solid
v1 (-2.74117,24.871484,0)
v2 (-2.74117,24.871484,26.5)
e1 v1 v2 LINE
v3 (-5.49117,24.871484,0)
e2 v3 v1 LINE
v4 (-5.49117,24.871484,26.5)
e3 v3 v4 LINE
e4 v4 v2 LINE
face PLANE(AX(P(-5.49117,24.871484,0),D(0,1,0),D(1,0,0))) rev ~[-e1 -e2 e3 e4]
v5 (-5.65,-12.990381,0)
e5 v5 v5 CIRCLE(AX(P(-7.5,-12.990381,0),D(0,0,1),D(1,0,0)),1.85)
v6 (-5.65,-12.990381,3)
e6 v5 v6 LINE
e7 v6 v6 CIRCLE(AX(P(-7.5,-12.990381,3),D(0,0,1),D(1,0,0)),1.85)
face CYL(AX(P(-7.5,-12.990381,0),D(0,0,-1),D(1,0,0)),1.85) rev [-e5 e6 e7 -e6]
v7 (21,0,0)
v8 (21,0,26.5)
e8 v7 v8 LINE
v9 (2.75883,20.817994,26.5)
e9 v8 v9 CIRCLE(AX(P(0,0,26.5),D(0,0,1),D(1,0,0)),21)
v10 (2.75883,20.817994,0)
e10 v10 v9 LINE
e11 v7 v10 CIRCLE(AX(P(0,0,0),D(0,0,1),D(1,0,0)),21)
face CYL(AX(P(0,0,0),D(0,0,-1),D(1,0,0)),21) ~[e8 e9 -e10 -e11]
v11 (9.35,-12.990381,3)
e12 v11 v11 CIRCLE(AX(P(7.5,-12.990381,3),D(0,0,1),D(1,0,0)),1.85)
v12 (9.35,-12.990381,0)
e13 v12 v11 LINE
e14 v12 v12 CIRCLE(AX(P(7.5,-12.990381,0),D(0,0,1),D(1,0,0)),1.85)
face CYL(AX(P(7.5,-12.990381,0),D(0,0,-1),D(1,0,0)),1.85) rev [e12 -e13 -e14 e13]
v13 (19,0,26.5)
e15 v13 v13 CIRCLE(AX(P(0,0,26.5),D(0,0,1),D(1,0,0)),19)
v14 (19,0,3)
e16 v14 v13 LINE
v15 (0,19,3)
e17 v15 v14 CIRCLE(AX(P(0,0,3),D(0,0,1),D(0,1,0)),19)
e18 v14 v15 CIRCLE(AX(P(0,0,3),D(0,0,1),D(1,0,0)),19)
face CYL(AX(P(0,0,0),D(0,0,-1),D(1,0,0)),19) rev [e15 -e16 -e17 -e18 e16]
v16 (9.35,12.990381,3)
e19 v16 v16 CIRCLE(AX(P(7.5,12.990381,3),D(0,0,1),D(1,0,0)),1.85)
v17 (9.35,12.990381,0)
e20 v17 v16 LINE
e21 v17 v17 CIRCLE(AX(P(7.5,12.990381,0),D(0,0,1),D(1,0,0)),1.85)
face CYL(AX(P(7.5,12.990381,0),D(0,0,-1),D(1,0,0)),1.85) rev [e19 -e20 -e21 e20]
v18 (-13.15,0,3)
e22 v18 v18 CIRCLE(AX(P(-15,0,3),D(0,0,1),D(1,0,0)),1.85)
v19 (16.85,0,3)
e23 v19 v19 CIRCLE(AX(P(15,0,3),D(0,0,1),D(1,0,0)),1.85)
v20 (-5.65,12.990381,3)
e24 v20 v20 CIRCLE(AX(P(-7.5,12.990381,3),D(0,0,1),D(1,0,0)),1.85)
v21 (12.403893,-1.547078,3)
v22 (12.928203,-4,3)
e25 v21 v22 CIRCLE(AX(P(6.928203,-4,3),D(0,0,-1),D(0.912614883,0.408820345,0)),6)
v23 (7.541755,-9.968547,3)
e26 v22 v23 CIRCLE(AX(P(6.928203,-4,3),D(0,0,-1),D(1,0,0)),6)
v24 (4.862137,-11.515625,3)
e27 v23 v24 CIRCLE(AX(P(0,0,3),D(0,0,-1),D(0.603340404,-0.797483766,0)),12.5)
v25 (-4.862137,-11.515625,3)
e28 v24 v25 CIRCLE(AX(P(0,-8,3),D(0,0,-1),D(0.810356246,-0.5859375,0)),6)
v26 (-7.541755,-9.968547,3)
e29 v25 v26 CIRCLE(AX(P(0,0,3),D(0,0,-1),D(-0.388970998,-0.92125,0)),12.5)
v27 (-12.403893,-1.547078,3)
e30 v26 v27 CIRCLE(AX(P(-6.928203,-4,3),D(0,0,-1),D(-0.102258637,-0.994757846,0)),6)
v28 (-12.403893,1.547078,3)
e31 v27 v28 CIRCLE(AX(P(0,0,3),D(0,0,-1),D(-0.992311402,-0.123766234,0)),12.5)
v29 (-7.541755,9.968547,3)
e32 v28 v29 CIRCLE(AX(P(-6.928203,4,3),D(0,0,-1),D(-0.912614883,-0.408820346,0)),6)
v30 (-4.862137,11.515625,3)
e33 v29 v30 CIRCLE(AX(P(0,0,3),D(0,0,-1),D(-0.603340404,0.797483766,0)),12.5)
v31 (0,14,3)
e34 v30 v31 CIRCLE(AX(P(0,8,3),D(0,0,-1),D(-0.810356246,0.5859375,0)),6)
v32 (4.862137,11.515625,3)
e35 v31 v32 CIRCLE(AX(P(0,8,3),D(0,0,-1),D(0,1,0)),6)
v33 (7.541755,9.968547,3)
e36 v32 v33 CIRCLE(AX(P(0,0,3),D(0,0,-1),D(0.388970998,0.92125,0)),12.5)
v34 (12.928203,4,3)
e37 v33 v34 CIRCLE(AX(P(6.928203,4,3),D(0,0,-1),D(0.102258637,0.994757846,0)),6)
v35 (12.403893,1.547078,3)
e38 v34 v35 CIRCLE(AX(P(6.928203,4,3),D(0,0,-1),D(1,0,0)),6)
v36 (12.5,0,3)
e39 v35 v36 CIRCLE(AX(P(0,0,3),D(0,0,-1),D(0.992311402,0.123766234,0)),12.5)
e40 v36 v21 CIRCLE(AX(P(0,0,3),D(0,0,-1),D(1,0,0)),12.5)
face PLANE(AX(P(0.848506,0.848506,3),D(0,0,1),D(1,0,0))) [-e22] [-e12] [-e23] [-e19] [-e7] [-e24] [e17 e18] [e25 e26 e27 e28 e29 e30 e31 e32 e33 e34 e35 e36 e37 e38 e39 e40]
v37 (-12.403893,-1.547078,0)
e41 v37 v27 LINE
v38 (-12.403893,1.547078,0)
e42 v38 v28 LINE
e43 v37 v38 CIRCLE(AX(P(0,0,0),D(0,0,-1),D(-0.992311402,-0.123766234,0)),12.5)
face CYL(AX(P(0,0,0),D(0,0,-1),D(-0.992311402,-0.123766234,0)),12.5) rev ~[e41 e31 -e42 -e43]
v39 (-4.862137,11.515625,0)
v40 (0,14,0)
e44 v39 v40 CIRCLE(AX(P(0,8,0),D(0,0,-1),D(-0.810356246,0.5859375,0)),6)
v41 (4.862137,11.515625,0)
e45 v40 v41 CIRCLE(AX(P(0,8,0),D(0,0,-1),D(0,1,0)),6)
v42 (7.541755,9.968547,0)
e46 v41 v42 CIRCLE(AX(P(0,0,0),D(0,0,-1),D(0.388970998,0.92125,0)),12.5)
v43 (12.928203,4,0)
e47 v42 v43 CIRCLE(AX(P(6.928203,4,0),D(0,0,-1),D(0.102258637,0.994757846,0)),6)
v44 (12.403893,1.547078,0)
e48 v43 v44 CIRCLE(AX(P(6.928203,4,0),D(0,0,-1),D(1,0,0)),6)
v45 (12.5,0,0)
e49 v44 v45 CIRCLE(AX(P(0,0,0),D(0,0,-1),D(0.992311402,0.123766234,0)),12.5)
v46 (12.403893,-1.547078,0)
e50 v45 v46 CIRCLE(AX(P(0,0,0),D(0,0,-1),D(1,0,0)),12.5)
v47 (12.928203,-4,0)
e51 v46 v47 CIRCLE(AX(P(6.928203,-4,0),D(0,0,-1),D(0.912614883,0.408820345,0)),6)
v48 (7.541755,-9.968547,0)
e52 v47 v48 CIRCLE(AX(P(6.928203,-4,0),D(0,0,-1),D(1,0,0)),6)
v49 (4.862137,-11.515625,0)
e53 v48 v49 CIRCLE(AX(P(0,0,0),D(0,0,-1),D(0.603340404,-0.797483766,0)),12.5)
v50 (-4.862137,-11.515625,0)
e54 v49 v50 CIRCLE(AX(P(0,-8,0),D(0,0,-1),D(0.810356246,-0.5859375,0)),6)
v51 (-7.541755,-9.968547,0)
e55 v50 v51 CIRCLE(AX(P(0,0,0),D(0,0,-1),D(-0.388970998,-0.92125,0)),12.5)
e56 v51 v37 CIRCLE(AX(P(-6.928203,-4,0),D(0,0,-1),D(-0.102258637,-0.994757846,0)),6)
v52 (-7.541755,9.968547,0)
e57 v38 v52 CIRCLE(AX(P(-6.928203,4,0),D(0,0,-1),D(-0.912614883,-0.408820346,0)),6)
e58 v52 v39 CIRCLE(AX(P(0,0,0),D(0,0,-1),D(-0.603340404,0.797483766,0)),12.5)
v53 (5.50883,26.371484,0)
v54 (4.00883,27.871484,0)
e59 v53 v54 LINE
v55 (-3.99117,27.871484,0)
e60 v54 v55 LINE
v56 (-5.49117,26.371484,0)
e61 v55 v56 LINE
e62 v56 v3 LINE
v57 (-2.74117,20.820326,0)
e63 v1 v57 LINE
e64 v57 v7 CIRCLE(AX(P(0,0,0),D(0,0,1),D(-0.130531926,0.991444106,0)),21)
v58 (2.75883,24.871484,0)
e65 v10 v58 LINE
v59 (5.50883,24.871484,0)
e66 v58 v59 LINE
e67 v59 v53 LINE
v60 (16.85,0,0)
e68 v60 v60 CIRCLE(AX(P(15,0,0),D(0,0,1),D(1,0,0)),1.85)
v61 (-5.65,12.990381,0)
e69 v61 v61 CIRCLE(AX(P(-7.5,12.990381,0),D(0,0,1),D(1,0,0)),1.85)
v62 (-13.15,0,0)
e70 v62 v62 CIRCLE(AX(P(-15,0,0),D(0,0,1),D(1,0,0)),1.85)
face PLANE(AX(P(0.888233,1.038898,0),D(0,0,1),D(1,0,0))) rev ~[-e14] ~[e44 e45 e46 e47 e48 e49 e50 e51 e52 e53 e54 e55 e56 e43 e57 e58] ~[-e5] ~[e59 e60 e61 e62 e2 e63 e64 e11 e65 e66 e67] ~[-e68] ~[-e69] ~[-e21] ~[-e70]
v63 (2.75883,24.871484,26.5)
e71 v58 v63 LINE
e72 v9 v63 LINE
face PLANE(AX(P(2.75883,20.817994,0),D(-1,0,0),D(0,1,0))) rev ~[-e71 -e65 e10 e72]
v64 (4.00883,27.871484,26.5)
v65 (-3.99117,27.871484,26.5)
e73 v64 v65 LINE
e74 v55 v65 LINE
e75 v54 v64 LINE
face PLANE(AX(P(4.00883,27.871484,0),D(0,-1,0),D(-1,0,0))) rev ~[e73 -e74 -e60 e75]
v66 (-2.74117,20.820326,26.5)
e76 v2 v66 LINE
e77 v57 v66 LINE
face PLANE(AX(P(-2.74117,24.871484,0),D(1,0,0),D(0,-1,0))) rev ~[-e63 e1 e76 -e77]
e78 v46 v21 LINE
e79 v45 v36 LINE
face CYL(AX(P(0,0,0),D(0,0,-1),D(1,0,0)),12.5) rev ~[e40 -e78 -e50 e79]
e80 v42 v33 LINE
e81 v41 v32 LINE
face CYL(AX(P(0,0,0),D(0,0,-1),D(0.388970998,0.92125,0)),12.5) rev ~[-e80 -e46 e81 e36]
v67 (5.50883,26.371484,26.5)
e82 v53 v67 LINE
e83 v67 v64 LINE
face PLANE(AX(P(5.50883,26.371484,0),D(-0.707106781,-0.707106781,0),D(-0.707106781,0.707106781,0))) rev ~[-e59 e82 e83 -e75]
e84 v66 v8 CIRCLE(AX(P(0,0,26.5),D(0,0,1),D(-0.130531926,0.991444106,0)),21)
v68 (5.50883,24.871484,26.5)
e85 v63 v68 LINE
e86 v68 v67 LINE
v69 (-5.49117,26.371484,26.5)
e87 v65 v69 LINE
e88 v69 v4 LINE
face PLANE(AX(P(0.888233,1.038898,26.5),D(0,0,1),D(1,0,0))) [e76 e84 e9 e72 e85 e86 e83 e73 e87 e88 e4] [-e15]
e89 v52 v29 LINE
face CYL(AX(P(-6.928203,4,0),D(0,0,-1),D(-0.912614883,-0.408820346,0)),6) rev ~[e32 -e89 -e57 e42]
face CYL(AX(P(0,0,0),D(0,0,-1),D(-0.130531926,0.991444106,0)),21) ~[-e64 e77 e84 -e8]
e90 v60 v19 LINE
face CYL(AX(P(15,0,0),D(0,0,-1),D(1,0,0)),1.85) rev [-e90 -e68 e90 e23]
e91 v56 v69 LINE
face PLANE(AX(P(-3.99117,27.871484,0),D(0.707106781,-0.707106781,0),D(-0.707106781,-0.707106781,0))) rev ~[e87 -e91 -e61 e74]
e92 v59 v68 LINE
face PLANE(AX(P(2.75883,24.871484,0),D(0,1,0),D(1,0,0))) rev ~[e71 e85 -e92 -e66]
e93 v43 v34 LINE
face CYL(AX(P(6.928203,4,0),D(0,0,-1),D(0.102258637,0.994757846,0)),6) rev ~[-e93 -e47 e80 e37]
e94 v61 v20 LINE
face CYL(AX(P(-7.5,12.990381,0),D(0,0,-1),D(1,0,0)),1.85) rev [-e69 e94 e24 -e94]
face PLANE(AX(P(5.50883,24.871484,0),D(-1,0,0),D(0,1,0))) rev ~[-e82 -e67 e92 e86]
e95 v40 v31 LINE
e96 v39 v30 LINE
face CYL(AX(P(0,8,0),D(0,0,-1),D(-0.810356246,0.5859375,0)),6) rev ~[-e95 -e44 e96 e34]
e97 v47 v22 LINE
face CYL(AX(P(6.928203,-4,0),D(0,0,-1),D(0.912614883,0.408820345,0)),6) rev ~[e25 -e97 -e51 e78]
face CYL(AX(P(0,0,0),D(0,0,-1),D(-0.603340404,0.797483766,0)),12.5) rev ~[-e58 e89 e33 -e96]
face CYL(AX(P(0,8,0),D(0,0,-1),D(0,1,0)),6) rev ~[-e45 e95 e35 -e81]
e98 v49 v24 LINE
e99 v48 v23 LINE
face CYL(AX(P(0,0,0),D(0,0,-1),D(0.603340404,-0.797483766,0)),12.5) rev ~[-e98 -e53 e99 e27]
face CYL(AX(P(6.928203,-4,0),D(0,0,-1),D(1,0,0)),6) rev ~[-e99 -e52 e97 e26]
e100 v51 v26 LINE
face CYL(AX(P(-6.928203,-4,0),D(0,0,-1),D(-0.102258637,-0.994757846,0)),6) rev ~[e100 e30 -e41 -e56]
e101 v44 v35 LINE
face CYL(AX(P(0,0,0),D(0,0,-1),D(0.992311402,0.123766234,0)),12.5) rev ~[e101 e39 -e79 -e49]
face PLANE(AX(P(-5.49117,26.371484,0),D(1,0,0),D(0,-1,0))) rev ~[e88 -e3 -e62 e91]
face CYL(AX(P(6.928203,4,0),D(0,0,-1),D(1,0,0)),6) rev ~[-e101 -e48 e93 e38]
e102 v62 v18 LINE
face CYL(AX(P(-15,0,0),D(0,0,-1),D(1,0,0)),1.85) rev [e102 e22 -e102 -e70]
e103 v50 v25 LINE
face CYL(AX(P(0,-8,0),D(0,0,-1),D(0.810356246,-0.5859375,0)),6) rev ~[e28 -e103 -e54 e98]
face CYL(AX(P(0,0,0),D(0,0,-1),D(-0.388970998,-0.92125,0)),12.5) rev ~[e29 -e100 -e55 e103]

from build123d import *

# Parameters (mm, degrees)
F0_R     = 1.85
F1_DEPTH = 3
F2_R     = 19
F3_DEPTH = 26.5


with BuildPart() as f1:
    # F0 (on Top) → F1 (new body)
    with BuildSketch(Plane.XY):
        with BuildLine():
            ThreePointArc((0, 19), (-13.4350288425, -13.4350288425), (19, 0))
            ThreePointArc((19, 0), (13.4350288425, 13.4350288425), (0, 19))
        make_face()
        with Locations((-7.5, -12.9903810568)):
            Circle(F0_R, mode=Mode.SUBTRACT)
        with Locations((7.5, -12.9903810568)):
            Circle(F0_R, mode=Mode.SUBTRACT)
        with Locations((-15, 0)):
            Circle(F0_R, mode=Mode.SUBTRACT)
        with Locations((-7.5, 12.9903810568)):
            Circle(F0_R, mode=Mode.SUBTRACT)
        with BuildLine():
            ThreePointArc((-4.8621374785, 11.515625), (-2.7300412085, 13.3429275683), (0, 14))
            ThreePointArc((0, 14), (2.7300412085, 13.3429275683), (4.8621374785, 11.515625))
            ThreePointArc((4.8621374785, 11.515625), (6.25, 10.8253175473), (7.5417550512, 9.968547073))
            ThreePointArc((7.5417550512, 9.968547073), (11.3824882978, 8.0198687214), (12.9282032303, 4))
            ThreePointArc((12.9282032303, 4), (12.7956616151, 2.7458341012), (12.4038925297, 1.547077927))
            ThreePointArc((12.4038925297, 1.547077927), (12.4759499963, 0.7750301217), (12.5, 0))
            ThreePointArc((12.5, 0), (12.4759499963, -0.7750301217), (12.4038925297, -1.547077927))
            ThreePointArc((12.4038925297, -1.547077927), (12.7956616151, -2.7458341012), (12.9282032303, -4))
            ThreePointArc((12.9282032303, -4), (11.3824882978, -8.0198687214), (7.5417550512, -9.968547073))
            ThreePointArc((7.5417550512, -9.968547073), (6.25, -10.8253175473), (4.8621374785, -11.515625))
            ThreePointArc((4.8621374785, -11.515625), (0, -14), (-4.8621374785, -11.515625))
            ThreePointArc((-4.8621374785, -11.515625), (-6.25, -10.8253175473), (-7.5417550512, -9.968547073))
            ThreePointArc((-7.5417550512, -9.968547073), (-12.124355653, -7), (-12.4038925297, -1.547077927))
            ThreePointArc((-12.4038925297, -1.547077927), (-12.5, 0), (-12.4038925297, 1.547077927))
            ThreePointArc((-12.4038925297, 1.547077927), (-12.124355653, 7), (-7.5417550512, 9.968547073))
            ThreePointArc((-7.5417550512, 9.968547073), (-6.25, 10.8253175473), (-4.8621374785, 11.515625))
        make_face(mode=Mode.SUBTRACT)
        with Locations((15, 0)):
            Circle(F0_R, mode=Mode.SUBTRACT)
        with Locations((7.5, 12.9903810568)):
            Circle(F0_R, mode=Mode.SUBTRACT)
    extrude(amount=F1_DEPTH)

    # F2 (on Top) → F3 (join)
    with BuildSketch(Plane.XY):
        with BuildLine():
            ThreePointArc((-2.7411704494, 20.8203262358), (-13.8462164609, -15.7886759964), (21, 0))
            ThreePointArc((21, 0), (15.7945468527, 13.8395191289), (2.7588295506, 20.8179936476))
            ThreePointArc((2.7588295506, 20.8179936476), (0.0089062453, 20.9999981114), (-2.7411704494, 20.8203262358))
        make_face()
        Circle(F2_R, mode=Mode.SUBTRACT)
        with BuildLine():
            ThreePointArc((-2.7411704494, 20.8203262358), (0.0089062453, 20.9999981114), (2.7588295506, 20.8179936476))
            Line((2.7588295506, 20.8179936476), (2.7588295506, 24.871483564))
            Line((2.7588295506, 24.871483564), (0.0088295506, 24.871483564))
            Line((0.0088295506, 24.871483564), (-2.7411704494, 24.871483564))
            Line((-2.7411704494, 24.871483564), (-2.7411704494, 20.8203262358))
        make_face()
        Polygon((0.0088295506, 24.871483564), (2.7588295506, 24.871483564), (5.5088295506, 24.871483564), (5.5088295506, 26.371483564), (4.0088295506, 27.871483564), (0.0088295506, 27.871483564), align=None)
        Polygon((-3.3911704494, 24.871483564), (-2.7411704494, 24.871483564), (0.0088295506, 24.871483564), (0.0088295506, 27.871483564), (-3.9911704494, 27.871483564), (-5.4911704494, 26.371483564), (-5.4911704494, 24.871483564), align=None)
    extrude(amount=F3_DEPTH)


solid = f1.part
